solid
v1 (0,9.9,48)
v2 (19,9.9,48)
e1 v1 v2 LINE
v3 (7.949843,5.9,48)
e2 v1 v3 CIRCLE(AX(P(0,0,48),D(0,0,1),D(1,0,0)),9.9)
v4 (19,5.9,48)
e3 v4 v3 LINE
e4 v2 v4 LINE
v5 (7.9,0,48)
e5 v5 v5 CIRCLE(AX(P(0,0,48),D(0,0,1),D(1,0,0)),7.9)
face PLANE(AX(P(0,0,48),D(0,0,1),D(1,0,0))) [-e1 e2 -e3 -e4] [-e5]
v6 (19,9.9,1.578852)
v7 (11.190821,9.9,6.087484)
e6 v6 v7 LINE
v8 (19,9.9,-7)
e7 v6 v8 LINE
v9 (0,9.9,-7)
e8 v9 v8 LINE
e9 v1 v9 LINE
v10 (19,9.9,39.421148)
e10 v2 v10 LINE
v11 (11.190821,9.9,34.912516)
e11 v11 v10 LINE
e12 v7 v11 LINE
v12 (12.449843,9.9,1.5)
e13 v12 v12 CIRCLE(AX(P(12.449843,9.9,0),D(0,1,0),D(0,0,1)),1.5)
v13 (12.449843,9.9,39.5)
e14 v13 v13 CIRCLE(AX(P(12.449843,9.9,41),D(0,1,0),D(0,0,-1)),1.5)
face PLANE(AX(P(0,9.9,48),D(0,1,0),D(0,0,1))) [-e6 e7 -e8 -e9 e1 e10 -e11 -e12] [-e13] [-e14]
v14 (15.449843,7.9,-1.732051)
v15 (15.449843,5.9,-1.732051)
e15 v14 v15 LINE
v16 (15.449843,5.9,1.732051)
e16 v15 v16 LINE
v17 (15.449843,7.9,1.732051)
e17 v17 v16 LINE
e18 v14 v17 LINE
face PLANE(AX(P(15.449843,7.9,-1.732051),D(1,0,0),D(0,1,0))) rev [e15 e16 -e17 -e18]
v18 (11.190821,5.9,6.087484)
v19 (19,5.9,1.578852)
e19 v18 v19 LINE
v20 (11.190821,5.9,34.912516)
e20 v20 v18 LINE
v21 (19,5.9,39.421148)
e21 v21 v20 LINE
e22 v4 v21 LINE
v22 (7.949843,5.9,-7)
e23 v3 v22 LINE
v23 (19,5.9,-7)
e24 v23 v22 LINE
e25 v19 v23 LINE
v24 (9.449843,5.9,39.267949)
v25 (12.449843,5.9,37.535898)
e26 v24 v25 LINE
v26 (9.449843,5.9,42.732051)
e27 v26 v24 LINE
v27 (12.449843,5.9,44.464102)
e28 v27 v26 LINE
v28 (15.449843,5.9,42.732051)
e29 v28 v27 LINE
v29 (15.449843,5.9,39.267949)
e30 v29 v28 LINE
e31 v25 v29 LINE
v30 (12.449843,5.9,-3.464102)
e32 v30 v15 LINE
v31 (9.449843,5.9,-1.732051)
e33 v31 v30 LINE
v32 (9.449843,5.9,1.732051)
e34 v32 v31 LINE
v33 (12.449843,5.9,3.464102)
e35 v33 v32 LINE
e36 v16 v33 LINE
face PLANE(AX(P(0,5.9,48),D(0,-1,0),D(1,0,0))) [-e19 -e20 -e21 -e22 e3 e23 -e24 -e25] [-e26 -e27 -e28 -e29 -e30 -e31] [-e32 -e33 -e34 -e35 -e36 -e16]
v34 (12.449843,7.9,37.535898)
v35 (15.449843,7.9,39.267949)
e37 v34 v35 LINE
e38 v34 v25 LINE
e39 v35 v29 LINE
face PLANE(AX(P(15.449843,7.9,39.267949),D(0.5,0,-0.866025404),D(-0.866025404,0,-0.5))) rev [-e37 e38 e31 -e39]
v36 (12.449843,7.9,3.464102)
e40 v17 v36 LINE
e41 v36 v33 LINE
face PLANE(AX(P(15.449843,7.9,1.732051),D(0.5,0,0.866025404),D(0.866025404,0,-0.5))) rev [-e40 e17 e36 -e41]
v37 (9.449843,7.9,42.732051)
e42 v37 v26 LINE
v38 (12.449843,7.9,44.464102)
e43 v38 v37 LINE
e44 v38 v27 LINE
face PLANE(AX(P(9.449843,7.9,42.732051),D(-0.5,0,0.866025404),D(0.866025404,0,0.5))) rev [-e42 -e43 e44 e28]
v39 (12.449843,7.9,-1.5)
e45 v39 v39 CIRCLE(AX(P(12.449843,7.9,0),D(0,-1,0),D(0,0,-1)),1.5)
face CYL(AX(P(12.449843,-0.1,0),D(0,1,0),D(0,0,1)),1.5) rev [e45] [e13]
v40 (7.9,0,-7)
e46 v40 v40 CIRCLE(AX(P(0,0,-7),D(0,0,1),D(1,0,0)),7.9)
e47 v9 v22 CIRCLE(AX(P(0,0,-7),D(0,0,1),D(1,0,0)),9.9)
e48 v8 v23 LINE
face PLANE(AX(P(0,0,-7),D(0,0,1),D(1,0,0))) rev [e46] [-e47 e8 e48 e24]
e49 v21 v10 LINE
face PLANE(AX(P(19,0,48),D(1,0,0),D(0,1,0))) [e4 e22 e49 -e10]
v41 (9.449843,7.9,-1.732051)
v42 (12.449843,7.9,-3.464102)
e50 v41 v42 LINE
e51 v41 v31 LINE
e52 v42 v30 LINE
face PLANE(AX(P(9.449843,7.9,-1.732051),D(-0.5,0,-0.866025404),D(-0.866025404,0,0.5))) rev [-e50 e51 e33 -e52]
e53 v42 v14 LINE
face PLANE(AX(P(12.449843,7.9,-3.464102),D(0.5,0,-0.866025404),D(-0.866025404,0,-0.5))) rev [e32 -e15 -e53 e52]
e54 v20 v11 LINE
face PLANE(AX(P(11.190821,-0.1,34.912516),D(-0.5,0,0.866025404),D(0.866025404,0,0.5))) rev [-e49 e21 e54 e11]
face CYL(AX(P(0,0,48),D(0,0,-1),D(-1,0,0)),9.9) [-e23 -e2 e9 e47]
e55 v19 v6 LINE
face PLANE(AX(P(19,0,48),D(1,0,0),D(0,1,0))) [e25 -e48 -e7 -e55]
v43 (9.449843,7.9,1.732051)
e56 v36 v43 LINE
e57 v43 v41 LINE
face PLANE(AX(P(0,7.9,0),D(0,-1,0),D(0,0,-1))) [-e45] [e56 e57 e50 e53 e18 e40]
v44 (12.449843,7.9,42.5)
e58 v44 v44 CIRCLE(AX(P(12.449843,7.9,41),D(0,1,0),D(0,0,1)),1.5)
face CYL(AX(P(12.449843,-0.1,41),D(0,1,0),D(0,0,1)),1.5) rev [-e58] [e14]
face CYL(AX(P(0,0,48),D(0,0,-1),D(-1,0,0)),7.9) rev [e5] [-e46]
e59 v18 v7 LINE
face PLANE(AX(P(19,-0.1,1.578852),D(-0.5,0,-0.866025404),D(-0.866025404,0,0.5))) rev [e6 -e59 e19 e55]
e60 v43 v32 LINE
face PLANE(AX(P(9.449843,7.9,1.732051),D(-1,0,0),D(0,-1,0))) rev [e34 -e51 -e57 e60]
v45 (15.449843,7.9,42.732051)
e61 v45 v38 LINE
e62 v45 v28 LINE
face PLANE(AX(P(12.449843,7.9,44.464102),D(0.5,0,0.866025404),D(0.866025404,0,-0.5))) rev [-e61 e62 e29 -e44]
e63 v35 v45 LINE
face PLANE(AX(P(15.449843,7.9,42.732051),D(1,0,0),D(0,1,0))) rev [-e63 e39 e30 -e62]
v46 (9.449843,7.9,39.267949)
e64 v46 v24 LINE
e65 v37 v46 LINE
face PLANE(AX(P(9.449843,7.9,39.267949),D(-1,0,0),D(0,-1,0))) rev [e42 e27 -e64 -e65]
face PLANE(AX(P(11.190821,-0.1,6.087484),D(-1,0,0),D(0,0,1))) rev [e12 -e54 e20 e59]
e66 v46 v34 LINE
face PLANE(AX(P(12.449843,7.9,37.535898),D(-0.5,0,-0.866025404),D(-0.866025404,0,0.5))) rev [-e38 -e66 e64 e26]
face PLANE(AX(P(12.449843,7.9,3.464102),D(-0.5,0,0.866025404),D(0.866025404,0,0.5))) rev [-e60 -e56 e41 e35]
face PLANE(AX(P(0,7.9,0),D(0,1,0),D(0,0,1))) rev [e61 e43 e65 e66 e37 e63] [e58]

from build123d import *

# Parameters (mm, degrees)
EXTRUDE_1_DEPTH      = 48
EXTRUDE_1_DEPTH_BACK = 7
SKETCH_2_R           = 9.9
SKETCH_2_R_2         = 7.9
CUT_EXTRUDE_1_DEPTH  = 2
SKETCH_4_R           = 1.5
CUT_EXTRUDE_2_DEPTH  = 10
CUT_EXTRUDE_3_DEPTH  = 10


with BuildPart() as part:
    # Эскиз2 → Бобышка-Вытянуть1 (new, two sides: drawn at the far end of the back side and taken through both)
    # profile 1 of 2: a face of its own
    with BuildSketch(Plane.XY.offset(-EXTRUDE_1_DEPTH_BACK)):
        Circle(SKETCH_2_R)
        Circle(SKETCH_2_R_2, mode=Mode.SUBTRACT)
    # profile 2 of 2: a face of its own
    with BuildSketch(Plane.XY.offset(-EXTRUDE_1_DEPTH_BACK)):
        with BuildLine():
            Line((19, 9.9), (0, 9.9))
            ThreePointArc((0, 9.9), (4.449719092, 8.843641784), (7.949842766, 5.9))
            Line((7.949842766, 5.9), (19, 5.9))
            Line((19, 5.9), (19, 9.9))
        make_face()
    extrude(amount=EXTRUDE_1_DEPTH + EXTRUDE_1_DEPTH_BACK)

    # Эскиз3 → Вырез-Вытянуть1 (cut)
    with BuildSketch(Plane.XZ.offset(-5.9)):
        Polygon((15.449842766, -1.732050808), (15.449842766, 1.732050808), (12.449842766, 3.464101615), (9.449842766, 1.732050808), (9.449842766, -1.732050808), (12.449842766, -3.464101615), align=None)
        Polygon((12.449842766, 44.464101615), (15.449842766, 42.732050808), (15.449842766, 39.267949192), (12.449842766, 37.535898385), (9.449842766, 39.267949192), (9.449842766, 42.732050808), align=None)
    extrude(amount=-CUT_EXTRUDE_1_DEPTH, mode=Mode.SUBTRACT)

    # Эскиз4 → Вырез-Вытянуть2 (cut)
    with BuildSketch(Plane(origin=(0, 9.9, 0), x_dir=(1, 0, 0), z_dir=(0, 1, 0))):
        with Locations(Location((12.449842766, 0, 0), (0, 0, 270))):
            Circle(SKETCH_4_R)
        with Locations(Location((12.449842766, -41, 0), (0, 0, 270))):
            Circle(SKETCH_4_R)
    extrude(amount=-CUT_EXTRUDE_2_DEPTH, mode=Mode.SUBTRACT)

    # Эскиз5 → Вырез-Вытянуть3 (cut)
    with BuildSketch(Plane(origin=(0, 9.9, 0), x_dir=(1, 0, 0), z_dir=(0, 1, 0))):
        Polygon((19, -1.578851944), (11.190820694, -6.087483718), (11.190820694, -34.912516282), (19, -39.421148056), align=None)
    extrude(amount=-CUT_EXTRUDE_3_DEPTH, mode=Mode.SUBTRACT)


solid = part.part
